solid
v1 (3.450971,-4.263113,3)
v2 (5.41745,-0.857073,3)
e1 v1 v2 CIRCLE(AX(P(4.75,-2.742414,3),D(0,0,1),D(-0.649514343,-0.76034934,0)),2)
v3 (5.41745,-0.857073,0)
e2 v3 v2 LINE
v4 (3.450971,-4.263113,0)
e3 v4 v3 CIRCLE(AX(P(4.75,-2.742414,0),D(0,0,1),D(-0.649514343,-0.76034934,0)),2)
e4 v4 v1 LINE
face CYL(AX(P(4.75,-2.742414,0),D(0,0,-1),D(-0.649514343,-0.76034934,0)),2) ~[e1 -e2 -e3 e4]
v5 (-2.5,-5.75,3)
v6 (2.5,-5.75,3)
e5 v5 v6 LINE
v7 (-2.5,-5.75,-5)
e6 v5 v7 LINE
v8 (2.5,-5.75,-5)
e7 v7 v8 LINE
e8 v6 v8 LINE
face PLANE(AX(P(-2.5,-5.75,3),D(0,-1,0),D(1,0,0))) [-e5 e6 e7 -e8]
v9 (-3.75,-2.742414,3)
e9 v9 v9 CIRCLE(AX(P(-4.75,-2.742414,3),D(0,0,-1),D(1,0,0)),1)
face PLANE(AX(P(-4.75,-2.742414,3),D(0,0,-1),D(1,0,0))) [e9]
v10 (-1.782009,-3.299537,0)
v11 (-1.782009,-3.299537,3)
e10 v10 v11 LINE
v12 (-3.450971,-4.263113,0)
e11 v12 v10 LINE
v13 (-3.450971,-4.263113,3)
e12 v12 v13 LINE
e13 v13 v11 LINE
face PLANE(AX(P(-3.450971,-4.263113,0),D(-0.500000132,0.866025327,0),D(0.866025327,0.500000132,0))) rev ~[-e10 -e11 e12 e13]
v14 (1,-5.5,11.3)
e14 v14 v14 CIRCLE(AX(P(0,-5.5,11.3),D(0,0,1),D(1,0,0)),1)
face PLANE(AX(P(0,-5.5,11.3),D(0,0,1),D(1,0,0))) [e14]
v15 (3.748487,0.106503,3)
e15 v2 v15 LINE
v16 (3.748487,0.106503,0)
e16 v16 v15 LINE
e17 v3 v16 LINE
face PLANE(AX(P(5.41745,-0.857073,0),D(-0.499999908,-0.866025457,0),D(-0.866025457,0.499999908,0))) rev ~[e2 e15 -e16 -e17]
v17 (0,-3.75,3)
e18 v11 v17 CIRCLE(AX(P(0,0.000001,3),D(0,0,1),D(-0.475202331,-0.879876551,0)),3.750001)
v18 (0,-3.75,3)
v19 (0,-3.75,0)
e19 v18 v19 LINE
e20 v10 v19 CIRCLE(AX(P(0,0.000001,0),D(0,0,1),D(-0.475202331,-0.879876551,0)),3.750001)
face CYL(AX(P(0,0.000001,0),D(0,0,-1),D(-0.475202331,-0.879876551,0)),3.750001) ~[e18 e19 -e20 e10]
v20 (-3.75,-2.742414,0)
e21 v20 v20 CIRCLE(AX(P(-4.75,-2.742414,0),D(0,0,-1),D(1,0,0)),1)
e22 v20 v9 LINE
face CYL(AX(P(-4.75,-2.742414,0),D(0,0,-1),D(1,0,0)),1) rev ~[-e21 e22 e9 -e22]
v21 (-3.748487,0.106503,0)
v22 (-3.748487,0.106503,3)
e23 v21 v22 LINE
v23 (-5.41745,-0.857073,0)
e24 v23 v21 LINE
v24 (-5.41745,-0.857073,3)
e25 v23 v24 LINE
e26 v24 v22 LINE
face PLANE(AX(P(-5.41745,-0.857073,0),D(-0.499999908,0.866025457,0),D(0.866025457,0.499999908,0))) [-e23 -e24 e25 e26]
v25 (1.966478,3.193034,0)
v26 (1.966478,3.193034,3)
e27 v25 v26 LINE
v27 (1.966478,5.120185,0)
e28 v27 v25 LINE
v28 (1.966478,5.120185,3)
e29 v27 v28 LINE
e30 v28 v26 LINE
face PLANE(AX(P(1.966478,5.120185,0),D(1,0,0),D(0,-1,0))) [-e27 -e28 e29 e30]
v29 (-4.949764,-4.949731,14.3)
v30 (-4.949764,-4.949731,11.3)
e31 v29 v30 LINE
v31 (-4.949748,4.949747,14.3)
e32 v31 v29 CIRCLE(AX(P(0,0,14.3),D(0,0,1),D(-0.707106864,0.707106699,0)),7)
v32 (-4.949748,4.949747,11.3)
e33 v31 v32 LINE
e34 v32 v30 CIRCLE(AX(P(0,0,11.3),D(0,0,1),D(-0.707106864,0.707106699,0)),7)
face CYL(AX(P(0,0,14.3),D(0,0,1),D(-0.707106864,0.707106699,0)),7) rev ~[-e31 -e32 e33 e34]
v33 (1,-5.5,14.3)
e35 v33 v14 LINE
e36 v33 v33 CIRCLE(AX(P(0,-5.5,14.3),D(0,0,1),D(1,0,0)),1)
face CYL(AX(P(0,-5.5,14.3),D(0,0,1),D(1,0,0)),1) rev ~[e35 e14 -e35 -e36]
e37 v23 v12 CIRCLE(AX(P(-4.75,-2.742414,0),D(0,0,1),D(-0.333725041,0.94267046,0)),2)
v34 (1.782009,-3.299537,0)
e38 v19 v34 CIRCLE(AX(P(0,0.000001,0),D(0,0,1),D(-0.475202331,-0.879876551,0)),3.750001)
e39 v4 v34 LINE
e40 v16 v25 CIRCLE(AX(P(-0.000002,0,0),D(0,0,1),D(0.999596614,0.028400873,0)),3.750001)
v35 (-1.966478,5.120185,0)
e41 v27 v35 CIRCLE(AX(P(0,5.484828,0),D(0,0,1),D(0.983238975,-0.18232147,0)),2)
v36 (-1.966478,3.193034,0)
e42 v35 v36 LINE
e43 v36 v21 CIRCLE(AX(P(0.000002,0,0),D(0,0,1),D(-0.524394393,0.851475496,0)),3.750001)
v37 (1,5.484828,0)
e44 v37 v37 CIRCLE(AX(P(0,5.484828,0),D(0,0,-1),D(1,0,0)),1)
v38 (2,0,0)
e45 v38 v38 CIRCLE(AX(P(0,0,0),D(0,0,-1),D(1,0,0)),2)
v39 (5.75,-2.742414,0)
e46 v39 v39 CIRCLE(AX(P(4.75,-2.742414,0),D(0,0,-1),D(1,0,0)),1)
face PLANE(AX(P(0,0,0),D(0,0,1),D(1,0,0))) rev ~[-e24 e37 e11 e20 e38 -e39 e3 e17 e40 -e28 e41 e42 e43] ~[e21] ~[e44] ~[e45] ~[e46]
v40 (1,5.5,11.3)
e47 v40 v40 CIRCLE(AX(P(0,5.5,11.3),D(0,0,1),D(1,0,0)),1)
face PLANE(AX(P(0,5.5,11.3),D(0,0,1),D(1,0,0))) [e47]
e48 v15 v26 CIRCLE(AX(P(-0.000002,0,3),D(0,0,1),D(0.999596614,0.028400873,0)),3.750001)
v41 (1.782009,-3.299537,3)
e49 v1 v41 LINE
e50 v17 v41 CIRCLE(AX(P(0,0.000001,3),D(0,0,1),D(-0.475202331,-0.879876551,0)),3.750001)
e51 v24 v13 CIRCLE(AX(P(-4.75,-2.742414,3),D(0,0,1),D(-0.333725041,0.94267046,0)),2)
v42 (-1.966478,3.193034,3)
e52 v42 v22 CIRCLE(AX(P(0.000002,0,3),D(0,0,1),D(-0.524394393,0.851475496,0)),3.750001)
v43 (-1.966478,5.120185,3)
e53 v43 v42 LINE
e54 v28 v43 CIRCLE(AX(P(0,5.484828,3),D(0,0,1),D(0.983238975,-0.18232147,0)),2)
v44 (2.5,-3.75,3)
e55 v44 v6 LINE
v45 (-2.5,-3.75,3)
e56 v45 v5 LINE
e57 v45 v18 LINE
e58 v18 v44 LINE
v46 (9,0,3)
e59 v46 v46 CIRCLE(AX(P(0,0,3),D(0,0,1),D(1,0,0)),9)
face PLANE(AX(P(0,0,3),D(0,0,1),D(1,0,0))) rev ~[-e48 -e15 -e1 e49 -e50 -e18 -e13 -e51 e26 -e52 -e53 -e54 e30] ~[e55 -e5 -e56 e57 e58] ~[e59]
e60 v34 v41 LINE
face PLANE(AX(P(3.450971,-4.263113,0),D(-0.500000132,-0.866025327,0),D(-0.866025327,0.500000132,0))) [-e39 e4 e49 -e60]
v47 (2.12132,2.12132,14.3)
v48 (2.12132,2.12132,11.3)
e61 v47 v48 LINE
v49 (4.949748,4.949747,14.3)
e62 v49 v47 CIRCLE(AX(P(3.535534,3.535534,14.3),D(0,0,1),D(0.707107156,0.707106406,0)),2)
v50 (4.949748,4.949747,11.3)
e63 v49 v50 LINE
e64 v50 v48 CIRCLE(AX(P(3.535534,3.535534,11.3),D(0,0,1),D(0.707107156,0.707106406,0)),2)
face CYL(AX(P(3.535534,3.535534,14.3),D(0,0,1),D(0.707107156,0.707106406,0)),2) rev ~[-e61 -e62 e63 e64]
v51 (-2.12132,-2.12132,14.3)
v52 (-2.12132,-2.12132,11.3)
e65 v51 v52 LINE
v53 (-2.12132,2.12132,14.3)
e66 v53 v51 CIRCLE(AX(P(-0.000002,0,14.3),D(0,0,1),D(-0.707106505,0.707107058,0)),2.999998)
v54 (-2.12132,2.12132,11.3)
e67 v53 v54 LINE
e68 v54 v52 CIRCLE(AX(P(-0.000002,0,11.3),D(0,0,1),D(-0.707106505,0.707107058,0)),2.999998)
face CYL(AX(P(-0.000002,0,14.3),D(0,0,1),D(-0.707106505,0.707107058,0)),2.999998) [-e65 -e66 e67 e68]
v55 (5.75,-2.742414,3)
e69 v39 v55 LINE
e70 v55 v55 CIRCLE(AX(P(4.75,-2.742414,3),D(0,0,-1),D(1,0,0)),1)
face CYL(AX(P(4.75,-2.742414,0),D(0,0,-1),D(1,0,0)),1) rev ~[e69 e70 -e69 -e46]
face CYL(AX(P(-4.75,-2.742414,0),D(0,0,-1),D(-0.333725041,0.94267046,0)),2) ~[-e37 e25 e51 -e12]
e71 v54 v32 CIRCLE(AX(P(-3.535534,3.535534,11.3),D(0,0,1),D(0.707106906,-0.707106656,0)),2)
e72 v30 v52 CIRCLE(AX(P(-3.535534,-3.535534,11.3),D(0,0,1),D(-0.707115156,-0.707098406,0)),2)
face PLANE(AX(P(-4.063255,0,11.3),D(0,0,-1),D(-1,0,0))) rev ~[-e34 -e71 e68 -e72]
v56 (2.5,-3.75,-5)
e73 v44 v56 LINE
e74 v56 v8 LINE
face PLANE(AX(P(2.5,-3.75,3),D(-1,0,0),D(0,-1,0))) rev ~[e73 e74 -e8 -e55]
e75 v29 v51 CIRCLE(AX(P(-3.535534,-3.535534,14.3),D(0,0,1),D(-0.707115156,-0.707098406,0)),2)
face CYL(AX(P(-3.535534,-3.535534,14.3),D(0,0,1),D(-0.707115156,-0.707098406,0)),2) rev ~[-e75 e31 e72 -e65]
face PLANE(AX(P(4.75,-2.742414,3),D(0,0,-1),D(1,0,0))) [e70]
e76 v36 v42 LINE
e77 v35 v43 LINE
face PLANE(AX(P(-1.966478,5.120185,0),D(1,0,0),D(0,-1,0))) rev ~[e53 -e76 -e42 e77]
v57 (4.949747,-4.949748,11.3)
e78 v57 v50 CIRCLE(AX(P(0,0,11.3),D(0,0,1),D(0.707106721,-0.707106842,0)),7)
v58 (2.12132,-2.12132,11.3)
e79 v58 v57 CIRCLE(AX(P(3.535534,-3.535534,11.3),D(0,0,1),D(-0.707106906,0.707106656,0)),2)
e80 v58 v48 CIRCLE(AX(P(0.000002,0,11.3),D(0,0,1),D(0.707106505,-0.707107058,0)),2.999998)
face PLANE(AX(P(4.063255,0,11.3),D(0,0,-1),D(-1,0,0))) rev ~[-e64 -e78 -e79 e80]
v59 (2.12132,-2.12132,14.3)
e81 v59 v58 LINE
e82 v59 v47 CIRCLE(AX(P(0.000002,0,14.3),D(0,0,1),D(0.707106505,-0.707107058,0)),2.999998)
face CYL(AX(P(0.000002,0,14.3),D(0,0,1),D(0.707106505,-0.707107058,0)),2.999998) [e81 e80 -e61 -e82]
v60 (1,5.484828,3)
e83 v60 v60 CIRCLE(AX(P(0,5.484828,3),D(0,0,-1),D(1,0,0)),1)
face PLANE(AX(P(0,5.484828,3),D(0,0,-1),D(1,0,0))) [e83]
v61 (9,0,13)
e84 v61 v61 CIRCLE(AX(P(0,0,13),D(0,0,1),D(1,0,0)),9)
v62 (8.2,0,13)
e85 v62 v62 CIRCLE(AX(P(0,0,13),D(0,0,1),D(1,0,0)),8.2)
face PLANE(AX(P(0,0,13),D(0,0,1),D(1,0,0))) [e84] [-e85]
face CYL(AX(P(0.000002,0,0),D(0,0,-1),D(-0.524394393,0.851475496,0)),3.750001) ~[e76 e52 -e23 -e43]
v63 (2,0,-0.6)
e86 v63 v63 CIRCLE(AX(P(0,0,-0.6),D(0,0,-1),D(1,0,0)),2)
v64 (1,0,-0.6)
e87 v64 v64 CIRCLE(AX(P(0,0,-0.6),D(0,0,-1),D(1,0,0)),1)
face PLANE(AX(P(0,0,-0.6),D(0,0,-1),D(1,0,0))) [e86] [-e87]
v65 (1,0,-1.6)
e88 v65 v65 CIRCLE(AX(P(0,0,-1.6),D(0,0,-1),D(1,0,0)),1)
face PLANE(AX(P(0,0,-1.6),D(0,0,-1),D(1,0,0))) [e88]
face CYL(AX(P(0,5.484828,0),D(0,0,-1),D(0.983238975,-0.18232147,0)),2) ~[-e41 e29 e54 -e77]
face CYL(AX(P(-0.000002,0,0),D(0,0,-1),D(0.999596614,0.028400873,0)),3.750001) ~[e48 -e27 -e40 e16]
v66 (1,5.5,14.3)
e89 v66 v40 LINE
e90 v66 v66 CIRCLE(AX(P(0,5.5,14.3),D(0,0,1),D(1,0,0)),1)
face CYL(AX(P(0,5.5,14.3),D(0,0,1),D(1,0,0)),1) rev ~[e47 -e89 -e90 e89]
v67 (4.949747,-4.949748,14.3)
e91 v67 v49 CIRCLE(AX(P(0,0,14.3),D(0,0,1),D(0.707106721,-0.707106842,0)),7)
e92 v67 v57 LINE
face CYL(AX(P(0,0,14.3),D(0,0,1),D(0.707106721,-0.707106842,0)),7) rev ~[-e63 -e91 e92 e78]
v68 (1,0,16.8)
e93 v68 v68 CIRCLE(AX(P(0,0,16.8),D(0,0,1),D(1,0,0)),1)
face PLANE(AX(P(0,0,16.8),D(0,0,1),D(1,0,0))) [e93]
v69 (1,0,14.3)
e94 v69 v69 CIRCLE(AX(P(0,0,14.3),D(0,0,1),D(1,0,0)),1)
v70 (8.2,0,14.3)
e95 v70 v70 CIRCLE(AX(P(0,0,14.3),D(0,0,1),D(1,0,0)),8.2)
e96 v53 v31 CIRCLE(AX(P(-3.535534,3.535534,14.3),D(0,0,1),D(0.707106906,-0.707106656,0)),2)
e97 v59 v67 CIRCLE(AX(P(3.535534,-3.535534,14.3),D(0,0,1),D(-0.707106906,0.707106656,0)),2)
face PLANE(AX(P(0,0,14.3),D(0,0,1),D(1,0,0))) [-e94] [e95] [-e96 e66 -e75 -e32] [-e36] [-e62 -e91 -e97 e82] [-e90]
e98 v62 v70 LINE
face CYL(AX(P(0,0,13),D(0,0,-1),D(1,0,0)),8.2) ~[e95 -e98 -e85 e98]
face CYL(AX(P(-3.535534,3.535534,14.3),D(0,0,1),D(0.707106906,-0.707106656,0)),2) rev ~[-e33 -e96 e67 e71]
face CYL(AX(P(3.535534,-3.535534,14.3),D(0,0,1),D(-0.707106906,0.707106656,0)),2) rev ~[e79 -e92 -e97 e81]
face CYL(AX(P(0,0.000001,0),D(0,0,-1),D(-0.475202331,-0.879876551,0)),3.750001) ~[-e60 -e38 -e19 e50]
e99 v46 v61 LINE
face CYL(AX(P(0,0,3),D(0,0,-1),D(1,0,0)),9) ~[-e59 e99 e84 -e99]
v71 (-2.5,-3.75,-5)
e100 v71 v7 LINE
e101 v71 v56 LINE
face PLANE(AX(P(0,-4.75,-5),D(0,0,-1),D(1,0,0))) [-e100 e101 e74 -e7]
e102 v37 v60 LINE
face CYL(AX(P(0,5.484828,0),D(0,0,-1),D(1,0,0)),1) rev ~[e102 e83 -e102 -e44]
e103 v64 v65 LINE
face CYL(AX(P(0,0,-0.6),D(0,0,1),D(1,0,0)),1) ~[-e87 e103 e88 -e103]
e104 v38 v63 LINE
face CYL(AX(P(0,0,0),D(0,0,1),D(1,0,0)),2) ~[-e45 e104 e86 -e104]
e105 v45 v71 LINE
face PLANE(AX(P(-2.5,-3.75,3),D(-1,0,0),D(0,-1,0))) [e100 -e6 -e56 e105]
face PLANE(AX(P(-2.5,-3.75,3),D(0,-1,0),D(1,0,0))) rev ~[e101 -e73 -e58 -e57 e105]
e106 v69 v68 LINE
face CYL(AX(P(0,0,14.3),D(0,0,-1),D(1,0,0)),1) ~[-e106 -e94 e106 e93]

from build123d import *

# Parameters (mm, degrees)
PAD_DEPTH       = 3
SKETCH001_R     = 9
PAD001_DEPTH    = 10
SKETCH002_R     = 8.2
PAD002_DEPTH    = 1.3
SKETCH003_R     = 1
PAD003_DEPTH    = 2.5
SKETCH004_R     = 1
POCKET_DEPTH    = 3
SKETCH005_R     = 1
POCKET001_DEPTH = 3
SKETCH006_R     = 2
PAD004_DEPTH    = 0.6
SKETCH007_R     = 1
PAD005_DEPTH    = 1
SKETCH008_W     = 5
SKETCH008_H     = 2
PAD006_DEPTH    = 8


with BuildPart() as part:
    # Sketch → Pad (new body)
    with BuildSketch(Plane.XY):
        with BuildLine():
            ThreePointArc((3.450971, -4.263113), (6.482051, -3.742414), (5.41745, -0.857073))
            Line((5.41745, -0.857073), (3.748487, 0.106503))
            ThreePointArc((3.748487, 0.106503), (3.247595, 1.875), (1.966478, 3.193034))
            Line((1.966478, 5.120185), (1.966478, 3.193034))
            ThreePointArc((1.966478, 5.120185), (0, 7.484828), (-1.966478, 5.120185))
            Line((-1.966478, 5.120185), (-1.966478, 3.193034))
            ThreePointArc((-1.966478, 3.193034), (-3.247595, 1.875), (-3.748487, 0.106503))
            Line((-5.41745, -0.857073), (-3.748487, 0.106503))
            ThreePointArc((-5.41745, -0.857073), (-6.482051, -3.742414), (-3.450971, -4.263113))
            Line((-3.450971, -4.263113), (-1.782009, -3.299537))
            ThreePointArc((-1.782009, -3.299537), (0, -3.75), (1.782009, -3.299537))
            Line((3.450971, -4.263113), (1.782009, -3.299537))
        make_face()
    extrude(amount=PAD_DEPTH)

    # Sketch001 (on Face14 of Pad) → Pad001 (join)
    with BuildSketch(Plane.XY.offset(3)):
        Circle(SKETCH001_R)
    extrude(amount=PAD001_DEPTH)

    # Sketch002 (on Face3 of Pad001) → Pad002 (join)
    with BuildSketch(Plane.XY.offset(13)):
        Circle(SKETCH002_R)
    extrude(amount=PAD002_DEPTH)

    # Sketch003 (on Face18 of Pad002) → Pad003 (join)
    with BuildSketch(Plane.XY.offset(14.3)):
        Circle(SKETCH003_R)
    extrude(amount=PAD003_DEPTH)

    # Sketch004 (on Face17 of Pad003) → Pocket (cut)
    with BuildSketch(Plane(origin=(0, 0, 0), x_dir=(1, 0, 0), z_dir=(0, 0, -1))):
        with Locations((4.75, 2.742414)):
            Circle(SKETCH004_R)
        with Locations((-4.75, 2.742414)):
            Circle(SKETCH004_R)
        with Locations((0, -5.484828)):
            Circle(SKETCH004_R)
    extrude(amount=-POCKET_DEPTH, mode=Mode.SUBTRACT)

    # Sketch005 (on Face18 of Pocket) → Pocket001 (cut)
    with BuildSketch(Plane.XY.offset(14.3)):
        with Locations((0, 5.5)):
            Circle(SKETCH005_R)
        with Locations((0, -5.5)):
            Circle(SKETCH005_R)
        with BuildLine():
            ThreePointArc((-2.12132, 2.12132), (-3, 0), (-2.12132, -2.12132))
            ThreePointArc((-4.949764, -4.949731), (-2.121328, -4.949756), (-2.12132, -2.12132))
            ThreePointArc((-4.949748, 4.949747), (-7, 1.1e-05), (-4.949764, -4.949731))
            ThreePointArc((-2.12132, 2.12132), (-2.12132, 4.949747), (-4.949748, 4.949747))
        make_face()
        with BuildLine():
            ThreePointArc((2.12132, -2.12132), (3, 0), (2.12132, 2.12132))
            ThreePointArc((4.949748, 4.949747), (2.12132, 4.949748), (2.12132, 2.12132))
            ThreePointArc((4.949747, -4.949748), (7, 0), (4.949748, 4.949747))
            ThreePointArc((2.12132, -2.12132), (2.12132, -4.949747), (4.949747, -4.949748))
        make_face()
    extrude(amount=-POCKET001_DEPTH, mode=Mode.SUBTRACT)

    # Sketch006 (on Face17 of Pocket001) → Pad004 (join)
    with BuildSketch(Plane(origin=(0, 0, 0), x_dir=(1, 0, 0), z_dir=(0, 0, -1))):
        Circle(SKETCH006_R)
    extrude(amount=PAD004_DEPTH)

    # Sketch007 (on Face36 of Pad004) → Pad005 (join)
    with BuildSketch(Plane(origin=(0, 0, -0.6), x_dir=(1, 0, 0), z_dir=(0, 0, -1))):
        Circle(SKETCH007_R)
    extrude(amount=PAD005_DEPTH)

    # Sketch008 (on Face2 of Pad005) → Pad006 (join)
    with BuildSketch(Plane(origin=(0, 0, 3), x_dir=(1, 0, 0), z_dir=(0, 0, -1))):
        with Locations((0, 4.75)):
            Rectangle(SKETCH008_W, SKETCH008_H)
    extrude(amount=PAD006_DEPTH)


solid = part.part
